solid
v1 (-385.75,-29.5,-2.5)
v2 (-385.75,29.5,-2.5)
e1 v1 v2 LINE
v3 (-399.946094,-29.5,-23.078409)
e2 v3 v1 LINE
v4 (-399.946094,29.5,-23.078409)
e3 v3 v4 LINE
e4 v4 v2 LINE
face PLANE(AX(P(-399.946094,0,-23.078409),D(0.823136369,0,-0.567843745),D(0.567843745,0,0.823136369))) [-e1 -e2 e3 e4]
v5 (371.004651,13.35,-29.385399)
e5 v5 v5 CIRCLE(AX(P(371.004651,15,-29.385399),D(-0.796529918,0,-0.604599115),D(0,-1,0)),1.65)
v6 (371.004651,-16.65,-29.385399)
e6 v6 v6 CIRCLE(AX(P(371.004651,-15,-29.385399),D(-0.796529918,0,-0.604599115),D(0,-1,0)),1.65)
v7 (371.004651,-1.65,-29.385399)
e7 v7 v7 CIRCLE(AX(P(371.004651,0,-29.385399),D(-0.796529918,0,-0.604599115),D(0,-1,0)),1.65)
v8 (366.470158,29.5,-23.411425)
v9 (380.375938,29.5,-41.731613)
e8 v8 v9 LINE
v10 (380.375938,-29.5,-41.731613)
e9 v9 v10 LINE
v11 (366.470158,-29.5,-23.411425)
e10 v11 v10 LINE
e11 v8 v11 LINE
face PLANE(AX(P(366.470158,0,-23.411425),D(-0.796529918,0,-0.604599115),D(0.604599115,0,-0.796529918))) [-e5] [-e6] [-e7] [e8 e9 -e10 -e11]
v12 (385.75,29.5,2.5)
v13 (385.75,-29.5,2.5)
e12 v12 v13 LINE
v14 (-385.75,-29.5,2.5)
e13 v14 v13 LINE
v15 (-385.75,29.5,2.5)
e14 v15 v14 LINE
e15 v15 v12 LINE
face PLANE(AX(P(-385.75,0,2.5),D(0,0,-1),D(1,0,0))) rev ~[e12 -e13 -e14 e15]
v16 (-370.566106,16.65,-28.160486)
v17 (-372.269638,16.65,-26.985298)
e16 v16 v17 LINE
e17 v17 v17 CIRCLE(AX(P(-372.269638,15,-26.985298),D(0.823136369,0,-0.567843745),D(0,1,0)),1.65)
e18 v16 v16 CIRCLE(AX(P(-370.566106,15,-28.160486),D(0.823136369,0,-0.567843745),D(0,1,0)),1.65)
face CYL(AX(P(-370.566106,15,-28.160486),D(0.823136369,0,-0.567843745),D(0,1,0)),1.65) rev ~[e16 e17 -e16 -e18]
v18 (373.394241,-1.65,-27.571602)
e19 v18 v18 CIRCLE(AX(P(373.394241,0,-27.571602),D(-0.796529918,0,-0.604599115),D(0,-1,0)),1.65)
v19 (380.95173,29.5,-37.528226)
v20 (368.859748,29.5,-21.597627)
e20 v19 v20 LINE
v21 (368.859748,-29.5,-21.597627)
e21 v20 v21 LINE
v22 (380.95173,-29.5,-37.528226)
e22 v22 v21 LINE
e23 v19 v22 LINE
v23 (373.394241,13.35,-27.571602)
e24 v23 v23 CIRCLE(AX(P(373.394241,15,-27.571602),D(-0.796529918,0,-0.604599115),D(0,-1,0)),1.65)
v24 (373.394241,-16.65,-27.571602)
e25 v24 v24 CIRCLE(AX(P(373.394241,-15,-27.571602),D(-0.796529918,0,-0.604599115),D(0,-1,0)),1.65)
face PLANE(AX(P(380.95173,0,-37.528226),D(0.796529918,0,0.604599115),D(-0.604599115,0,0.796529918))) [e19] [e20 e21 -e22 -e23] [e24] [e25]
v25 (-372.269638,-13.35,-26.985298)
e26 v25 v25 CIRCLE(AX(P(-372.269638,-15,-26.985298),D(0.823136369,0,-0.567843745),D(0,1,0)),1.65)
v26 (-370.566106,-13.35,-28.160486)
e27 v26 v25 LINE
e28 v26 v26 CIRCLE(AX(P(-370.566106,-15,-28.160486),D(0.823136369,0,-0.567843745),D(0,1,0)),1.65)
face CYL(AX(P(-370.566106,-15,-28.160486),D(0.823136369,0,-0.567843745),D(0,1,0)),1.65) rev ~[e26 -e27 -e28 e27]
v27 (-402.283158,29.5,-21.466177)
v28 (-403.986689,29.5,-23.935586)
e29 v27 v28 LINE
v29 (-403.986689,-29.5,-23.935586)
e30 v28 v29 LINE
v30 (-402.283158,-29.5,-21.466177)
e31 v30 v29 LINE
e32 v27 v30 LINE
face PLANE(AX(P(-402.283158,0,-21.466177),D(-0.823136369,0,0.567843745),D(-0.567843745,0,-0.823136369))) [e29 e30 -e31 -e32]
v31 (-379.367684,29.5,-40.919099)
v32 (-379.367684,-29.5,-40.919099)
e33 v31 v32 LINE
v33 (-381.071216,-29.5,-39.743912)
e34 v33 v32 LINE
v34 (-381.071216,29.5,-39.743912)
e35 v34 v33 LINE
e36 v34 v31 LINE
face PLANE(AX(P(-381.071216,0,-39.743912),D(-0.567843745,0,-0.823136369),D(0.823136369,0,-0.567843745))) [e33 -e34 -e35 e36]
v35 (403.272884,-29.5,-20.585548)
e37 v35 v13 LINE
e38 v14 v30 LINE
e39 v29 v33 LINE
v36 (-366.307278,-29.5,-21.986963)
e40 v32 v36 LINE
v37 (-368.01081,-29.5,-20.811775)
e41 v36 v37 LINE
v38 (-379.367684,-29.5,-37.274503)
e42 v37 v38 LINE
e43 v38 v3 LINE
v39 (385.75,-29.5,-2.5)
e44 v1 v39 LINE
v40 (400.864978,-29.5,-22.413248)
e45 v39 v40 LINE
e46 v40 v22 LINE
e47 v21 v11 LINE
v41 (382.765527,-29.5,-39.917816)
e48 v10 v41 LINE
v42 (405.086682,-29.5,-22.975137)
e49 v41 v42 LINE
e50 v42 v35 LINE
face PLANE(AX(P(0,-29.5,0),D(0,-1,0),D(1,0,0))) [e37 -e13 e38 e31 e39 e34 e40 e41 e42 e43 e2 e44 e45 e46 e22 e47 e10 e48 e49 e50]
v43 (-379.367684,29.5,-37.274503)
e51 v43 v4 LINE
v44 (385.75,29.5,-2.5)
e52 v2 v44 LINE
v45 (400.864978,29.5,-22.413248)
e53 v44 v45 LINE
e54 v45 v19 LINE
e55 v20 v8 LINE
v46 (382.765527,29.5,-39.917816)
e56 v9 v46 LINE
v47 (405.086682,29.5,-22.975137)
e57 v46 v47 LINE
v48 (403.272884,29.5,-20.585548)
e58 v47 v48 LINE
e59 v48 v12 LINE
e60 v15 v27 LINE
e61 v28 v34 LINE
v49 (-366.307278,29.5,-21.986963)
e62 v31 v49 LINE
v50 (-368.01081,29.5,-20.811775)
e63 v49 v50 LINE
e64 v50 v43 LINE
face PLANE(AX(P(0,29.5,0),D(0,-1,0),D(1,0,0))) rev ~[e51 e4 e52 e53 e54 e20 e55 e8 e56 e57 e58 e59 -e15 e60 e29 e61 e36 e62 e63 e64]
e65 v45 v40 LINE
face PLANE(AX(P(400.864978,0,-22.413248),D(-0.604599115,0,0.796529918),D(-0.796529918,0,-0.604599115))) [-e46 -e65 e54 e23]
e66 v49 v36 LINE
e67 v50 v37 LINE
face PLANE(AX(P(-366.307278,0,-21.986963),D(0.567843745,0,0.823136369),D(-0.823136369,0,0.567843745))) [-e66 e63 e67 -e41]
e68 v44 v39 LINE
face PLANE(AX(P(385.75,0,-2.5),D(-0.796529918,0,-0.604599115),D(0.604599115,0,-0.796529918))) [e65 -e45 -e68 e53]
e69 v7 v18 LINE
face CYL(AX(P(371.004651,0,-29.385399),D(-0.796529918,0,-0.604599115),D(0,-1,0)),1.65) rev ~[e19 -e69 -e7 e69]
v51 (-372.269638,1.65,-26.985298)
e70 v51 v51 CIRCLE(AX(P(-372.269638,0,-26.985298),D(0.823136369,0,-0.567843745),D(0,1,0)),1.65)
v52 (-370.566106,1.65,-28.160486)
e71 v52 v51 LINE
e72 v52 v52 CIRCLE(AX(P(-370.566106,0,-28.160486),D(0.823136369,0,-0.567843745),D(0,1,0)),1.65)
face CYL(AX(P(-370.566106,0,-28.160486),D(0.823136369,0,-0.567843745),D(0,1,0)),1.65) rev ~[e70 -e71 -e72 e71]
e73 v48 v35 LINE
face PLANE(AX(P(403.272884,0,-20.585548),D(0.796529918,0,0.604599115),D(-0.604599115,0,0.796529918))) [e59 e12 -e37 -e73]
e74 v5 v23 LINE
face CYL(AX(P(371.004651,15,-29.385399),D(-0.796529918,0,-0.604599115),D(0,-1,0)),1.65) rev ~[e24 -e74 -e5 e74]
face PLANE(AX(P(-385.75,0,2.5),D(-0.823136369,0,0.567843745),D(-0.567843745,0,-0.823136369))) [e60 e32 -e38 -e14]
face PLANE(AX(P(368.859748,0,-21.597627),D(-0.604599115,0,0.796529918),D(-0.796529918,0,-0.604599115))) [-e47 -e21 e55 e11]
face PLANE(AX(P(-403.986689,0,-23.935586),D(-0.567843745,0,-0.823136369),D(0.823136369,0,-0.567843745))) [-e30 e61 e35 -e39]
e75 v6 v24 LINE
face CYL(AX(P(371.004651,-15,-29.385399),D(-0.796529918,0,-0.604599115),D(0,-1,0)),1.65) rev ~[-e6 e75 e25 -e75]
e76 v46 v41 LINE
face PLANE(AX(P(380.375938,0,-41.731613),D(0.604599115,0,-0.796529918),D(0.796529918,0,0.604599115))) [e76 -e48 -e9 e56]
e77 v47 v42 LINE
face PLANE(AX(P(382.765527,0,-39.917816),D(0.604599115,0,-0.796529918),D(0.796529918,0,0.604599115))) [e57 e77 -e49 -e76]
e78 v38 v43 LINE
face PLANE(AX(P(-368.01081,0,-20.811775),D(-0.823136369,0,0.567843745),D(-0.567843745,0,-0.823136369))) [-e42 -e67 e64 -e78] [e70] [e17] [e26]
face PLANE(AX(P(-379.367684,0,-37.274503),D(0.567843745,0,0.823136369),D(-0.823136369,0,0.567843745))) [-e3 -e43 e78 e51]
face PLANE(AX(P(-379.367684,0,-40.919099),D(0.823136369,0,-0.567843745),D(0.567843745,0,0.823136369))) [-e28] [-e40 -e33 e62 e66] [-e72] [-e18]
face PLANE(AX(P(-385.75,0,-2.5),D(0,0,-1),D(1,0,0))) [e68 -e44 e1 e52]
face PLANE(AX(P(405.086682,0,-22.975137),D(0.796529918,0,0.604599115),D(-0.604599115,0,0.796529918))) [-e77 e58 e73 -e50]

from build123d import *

# Parameters (mm, degrees)
F0_W     = 771.5
F0_H     = 5
F1_DEPTH = 29.5
F2_R     = 1.65
F3_DEPTH = 3
F4_R     = 1.65
F5_DEPTH = 25


with BuildPart() as f1:
    # F0 (on Front) → F1 (new body, symmetric)
    with BuildSketch(Plane.XZ):
        Rectangle(F0_W, F0_H)
        Polygon((403.2728842886, -20.5855475021), (385.75, 2.5), (385.75, -2.5), (400.8649778716, -22.4132479506), align=None)
        Polygon((-385.75, -2.5), (-385.75, 2.5), (-402.2831578173, -21.4661766194), (-399.9460936263, -23.0784092134), align=None)
        Polygon((405.0866816331, -22.9751372562), (403.2728842886, -20.5855475021), (400.8649778716, -22.4132479506), (380.951729921, -37.5282258222), (382.7655272655, -39.9178155762), align=None)
        Polygon((-399.9460936263, -23.0784092134), (-402.2831578173, -21.4661766194), (-403.9866890525, -23.935585725), (-381.0712156481, -39.7439119453), (-379.367684413, -37.2745028397), align=None)
        Polygon((382.7655272655, -39.9178155762), (380.951729921, -37.5282258222), (368.8597476237, -21.5976274617), (366.4701578696, -23.4114248063), (380.3759375115, -41.7316129208), align=None)
        Polygon((-368.0108095119, -20.811775469), (-379.367684413, -37.2745028397), (-381.0712156481, -39.7439119453), (-379.367684413, -40.9190994274), (-366.3072782767, -21.9869629511), align=None)
    extrude(amount=F1_DEPTH, both=True)

    # F2 (on face) → F3 (cut)
    with BuildSketch(Plane(origin=(-237.9157828305, 0, 164.1271049294), x_dir=(0, 1, 0), z_dir=(0.8231363685, 0, -0.5678437451))):
        with Locations((-15, -233.6035655756)):
            Circle(F2_R)
        with Locations((0, -233.6035655756)):
            Circle(F2_R)
        with Locations((15, -233.6035655756)):
            Circle(F2_R)
    extrude(amount=-F3_DEPTH, mode=Mode.SUBTRACT)

    # F4 (on face) → F5 (cut)
    with BuildSketch(Plane(origin=(221.236119488, 0, 167.9273546307), x_dir=(0, -1, 0), z_dir=(-0.796529918, 0, -0.6045991149))):
        with Locations((0, -247.7154333532)):
            Circle(F4_R)
        with Locations((-15, -247.7154333532)):
            Circle(F4_R)
        with Locations((15, -247.7154333532)):
            Circle(F4_R)
    extrude(amount=-F5_DEPTH, mode=Mode.SUBTRACT)


solid = f1.part
